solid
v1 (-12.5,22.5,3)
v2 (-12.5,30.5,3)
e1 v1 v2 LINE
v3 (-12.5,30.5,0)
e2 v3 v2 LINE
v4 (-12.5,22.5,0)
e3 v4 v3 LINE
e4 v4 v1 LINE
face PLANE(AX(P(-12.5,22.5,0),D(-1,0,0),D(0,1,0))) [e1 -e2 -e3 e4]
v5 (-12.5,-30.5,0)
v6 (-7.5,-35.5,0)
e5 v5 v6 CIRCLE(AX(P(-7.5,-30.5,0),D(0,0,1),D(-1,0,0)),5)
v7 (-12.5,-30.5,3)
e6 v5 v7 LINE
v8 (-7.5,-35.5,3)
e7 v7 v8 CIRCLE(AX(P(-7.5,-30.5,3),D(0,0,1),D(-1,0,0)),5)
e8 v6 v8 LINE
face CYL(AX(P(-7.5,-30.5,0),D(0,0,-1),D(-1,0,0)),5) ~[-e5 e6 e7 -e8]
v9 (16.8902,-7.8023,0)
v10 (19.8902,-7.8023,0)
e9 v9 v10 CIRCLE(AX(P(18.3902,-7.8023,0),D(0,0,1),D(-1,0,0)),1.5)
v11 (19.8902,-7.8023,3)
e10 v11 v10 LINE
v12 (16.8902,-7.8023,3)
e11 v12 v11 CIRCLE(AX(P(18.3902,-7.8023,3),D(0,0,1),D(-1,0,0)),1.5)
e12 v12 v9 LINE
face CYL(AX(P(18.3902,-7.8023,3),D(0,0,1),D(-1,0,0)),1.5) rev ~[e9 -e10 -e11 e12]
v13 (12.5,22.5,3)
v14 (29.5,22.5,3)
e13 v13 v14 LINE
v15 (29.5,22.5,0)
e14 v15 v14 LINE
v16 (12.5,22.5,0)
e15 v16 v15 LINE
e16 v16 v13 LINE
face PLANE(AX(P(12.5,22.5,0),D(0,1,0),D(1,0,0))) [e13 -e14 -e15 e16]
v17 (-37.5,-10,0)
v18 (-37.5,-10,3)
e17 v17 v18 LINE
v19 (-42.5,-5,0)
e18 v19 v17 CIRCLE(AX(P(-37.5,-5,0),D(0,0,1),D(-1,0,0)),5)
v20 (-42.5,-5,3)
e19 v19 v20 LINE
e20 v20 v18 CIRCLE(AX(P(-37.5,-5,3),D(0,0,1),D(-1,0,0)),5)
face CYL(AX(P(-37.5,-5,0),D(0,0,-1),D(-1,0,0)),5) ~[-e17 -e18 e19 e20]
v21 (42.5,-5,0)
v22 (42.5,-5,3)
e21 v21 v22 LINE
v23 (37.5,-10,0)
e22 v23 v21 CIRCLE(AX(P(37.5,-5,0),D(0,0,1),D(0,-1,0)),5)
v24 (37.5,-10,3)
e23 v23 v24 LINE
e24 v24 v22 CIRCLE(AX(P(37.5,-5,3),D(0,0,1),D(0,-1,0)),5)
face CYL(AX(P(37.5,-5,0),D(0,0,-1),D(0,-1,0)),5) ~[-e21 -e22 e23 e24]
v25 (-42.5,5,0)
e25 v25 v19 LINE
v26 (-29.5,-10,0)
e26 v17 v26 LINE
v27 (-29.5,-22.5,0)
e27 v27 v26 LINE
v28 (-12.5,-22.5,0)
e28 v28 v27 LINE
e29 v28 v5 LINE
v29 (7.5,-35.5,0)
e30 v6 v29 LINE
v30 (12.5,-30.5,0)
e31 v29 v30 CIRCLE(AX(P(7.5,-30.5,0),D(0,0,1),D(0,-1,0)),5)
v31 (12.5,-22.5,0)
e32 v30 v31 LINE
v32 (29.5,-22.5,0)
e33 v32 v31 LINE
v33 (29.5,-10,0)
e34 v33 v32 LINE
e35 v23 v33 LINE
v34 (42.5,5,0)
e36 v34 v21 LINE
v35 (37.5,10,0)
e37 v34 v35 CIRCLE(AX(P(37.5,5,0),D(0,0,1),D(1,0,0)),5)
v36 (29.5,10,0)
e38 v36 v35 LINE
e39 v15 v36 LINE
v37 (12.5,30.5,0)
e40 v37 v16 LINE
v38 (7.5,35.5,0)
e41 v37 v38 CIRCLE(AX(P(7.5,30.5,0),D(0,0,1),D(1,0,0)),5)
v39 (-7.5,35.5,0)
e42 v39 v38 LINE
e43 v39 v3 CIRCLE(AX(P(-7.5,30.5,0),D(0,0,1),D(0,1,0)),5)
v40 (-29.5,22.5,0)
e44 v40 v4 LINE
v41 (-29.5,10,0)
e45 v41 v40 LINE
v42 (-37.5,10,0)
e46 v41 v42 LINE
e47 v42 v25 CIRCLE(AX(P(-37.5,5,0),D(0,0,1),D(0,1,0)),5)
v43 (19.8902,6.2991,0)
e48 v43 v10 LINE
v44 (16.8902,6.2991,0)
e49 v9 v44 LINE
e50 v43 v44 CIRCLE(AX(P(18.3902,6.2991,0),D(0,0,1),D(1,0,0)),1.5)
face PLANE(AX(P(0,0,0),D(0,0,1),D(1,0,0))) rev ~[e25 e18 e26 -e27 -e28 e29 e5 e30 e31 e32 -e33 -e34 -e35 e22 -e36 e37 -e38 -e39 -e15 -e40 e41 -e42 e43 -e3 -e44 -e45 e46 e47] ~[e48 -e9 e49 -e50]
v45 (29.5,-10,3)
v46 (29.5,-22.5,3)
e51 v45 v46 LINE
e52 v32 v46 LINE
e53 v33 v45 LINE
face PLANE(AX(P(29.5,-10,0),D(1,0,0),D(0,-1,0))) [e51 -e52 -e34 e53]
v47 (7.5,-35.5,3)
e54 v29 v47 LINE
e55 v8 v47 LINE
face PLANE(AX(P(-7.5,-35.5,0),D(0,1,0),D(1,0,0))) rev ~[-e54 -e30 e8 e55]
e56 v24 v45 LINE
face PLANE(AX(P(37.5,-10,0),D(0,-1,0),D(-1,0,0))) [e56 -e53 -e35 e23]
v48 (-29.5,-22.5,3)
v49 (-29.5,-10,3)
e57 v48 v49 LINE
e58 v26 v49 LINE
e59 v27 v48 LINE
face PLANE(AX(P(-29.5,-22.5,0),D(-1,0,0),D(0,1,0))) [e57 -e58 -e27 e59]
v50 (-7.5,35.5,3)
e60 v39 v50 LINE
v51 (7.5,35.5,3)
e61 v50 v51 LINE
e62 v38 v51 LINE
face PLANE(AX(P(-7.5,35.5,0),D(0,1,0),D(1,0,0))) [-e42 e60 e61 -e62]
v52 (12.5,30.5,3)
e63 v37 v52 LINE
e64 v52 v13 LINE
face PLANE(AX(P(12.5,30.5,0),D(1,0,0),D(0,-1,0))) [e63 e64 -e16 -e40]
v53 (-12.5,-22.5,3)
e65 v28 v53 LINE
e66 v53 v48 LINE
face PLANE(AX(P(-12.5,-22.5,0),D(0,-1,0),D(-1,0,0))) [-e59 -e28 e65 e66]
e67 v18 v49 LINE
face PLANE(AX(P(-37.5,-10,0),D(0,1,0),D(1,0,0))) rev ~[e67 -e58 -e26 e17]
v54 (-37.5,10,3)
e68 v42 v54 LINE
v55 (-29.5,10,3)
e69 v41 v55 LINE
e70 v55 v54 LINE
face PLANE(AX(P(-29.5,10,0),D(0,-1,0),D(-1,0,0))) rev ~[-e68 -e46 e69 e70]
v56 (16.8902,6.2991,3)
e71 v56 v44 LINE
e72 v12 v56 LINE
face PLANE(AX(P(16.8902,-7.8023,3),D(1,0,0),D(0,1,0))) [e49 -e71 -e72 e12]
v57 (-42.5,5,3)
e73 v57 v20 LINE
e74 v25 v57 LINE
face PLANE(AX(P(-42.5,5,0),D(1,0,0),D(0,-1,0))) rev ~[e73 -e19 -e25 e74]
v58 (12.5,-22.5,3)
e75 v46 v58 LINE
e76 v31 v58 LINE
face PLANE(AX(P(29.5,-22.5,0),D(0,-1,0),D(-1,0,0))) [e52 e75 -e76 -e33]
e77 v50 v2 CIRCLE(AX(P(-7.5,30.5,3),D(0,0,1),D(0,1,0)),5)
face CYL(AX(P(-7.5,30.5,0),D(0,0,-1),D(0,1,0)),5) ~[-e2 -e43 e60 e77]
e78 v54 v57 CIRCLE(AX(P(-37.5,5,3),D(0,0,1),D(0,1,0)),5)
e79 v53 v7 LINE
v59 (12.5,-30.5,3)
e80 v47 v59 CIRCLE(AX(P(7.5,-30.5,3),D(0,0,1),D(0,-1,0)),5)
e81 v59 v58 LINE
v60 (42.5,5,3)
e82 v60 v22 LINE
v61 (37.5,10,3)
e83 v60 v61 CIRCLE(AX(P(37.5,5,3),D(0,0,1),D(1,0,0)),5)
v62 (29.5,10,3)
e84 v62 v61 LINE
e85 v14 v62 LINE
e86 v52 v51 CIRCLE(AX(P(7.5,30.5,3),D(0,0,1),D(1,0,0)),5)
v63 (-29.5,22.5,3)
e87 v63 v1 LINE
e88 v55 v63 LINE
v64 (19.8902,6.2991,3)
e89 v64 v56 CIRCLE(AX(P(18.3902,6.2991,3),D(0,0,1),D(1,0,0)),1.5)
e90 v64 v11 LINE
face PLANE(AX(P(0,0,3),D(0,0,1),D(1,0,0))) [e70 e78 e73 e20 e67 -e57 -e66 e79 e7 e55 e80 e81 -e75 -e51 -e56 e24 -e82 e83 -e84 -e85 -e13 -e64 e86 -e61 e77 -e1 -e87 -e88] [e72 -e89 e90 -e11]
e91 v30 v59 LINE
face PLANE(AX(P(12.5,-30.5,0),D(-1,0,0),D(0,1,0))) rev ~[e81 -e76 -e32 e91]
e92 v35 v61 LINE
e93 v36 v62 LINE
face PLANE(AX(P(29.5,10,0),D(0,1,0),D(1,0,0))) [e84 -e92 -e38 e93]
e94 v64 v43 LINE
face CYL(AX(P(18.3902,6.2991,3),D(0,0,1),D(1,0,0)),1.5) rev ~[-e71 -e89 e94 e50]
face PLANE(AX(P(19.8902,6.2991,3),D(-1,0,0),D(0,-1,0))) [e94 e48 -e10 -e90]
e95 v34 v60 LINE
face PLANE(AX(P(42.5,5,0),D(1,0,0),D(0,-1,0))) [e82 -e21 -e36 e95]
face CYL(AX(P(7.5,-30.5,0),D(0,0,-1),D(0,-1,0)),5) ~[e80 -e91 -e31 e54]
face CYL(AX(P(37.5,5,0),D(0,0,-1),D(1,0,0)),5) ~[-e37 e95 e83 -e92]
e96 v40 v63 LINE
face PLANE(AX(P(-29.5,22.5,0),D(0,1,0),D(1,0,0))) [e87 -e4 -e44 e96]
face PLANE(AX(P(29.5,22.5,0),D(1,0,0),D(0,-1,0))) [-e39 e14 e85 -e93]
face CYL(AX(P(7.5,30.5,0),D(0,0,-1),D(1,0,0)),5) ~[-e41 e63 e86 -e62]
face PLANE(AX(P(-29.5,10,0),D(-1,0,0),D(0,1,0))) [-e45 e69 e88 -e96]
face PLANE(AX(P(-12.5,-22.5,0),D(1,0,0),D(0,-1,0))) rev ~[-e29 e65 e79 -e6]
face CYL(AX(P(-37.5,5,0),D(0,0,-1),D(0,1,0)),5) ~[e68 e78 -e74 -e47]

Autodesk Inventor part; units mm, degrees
ref_plane "YZ Plane" through (0, 0, 0) normal (1, 0, 0) x (0, 1, 0)
ref_plane "XZ Plane" through (0, 0, 0) normal (0, 1, 0) x (-1, 0, 0)
ref_plane "XY Plane" through (0, 0, 0) normal (0, 0, 1) x (1, 0, 0)
sketch "Sketch1" plane through (0, 0, 0) normal (0, 0, 1) x (1, 0, 0)
  line L0 (-12.5, 22.5) -> (-12.5, 30.5)
  line L1 (-7.5, 35.5) -> (7.5, 35.5)
  line L2 (12.5, 30.5) -> (12.5, 22.5)
  line L3 (-12.5, -22.5) -> (-12.5, -30.5)
  line L4 (-7.5, -35.5) -> (7.5, -35.5)
  line L5 (12.5, -30.5) -> (12.5, -22.5)
  line L6 (29.5, 10) -> (37.5, 10)
  line L7 (42.5, 5) -> (42.5, -5)
  line L8 (37.5, -10) -> (29.5, -10)
  line L9 (-29.5, 10) -> (-37.5, 10)
  line L10 (-42.5, 5) -> (-42.5, -5)
  line L11 (-37.5, -10) -> (-29.5, -10)
  arc A0 (-7.5, 35.5) -> (-12.5, 30.5) centre (-7.5, 30.5) ccw
  arc A1 (12.5, 30.5) -> (7.5, 35.5) centre (7.5, 30.5) ccw
  arc A2 (-37.5, 10) -> (-42.5, 5) centre (-37.5, 5) ccw
  arc A3 (-42.5, -5) -> (-37.5, -10) centre (-37.5, -5) ccw
  arc A4 (-12.5, -30.5) -> (-7.5, -35.5) centre (-7.5, -30.5) ccw
  arc A5 (7.5, -35.5) -> (12.5, -30.5) centre (7.5, -30.5) ccw
  arc A6 (37.5, -10) -> (42.5, -5) centre (37.5, -5) ccw
  arc A7 (42.5, 5) -> (37.5, 10) centre (37.5, 5) ccw
  line L12 (-29.5, 22.5) -> (-12.5, 22.5)
  line L13 (12.5, 22.5) -> (29.5, 22.5)
  line L14 (-29.5, -22.5) -> (-29.5, -10)
  line L15 (-29.5, 10) -> (-29.5, 22.5)
  line L16 (29.5, -22.5) -> (12.5, -22.5)
  line L17 (-12.5, -22.5) -> (-29.5, -22.5)
  line L18 (29.5, 22.5) -> (29.5, 10)
  line L19 (29.5, -10) -> (29.5, -22.5)
  point P0 (0, 0)
  point P1 (29.5, 0)
  point P2 (0, 22.5)
  point P3 (-12.5, -35.5)
  point P4 (12.5, -35.5)
  point P5 (-42.5, 10)
  point P6 (-42.5, -10)
  point P7 (-42.5, 0)
  point P8 (0, 35.5)
  dimension "d0" = 45
  dimension "d1" = 59
  dimension "d2" = 5
  dimension "d3" = 13
  dimension "d4" = 25
  dimension "d5" = 20
extrude "Extrusion1" add sketch "Sketch1" along normal blind 3
sketch "Sketch2" plane through (0, 0, 3) normal (0, 0, 1) x (1, 0, 0)
  line L0 (19.8902, 6.2991) -> (19.8902, -7.8023)
  line L1 (16.8902, -7.8023) -> (16.8902, 6.2991)
  arc A0 (19.8902, 6.2991) -> (16.8902, 6.2991) centre (18.3902, 6.2991) ccw
  arc A1 (16.8902, -7.8023) -> (19.8902, -7.8023) centre (18.3902, -7.8023) ccw
  point P0 (0, 0)
  dimension "d8" = 3
extrude "Extrusion2" cut sketch "Sketch2" against normal blind 10
properties part number "Front_stopper" material "Polycarbonate, Clear"
